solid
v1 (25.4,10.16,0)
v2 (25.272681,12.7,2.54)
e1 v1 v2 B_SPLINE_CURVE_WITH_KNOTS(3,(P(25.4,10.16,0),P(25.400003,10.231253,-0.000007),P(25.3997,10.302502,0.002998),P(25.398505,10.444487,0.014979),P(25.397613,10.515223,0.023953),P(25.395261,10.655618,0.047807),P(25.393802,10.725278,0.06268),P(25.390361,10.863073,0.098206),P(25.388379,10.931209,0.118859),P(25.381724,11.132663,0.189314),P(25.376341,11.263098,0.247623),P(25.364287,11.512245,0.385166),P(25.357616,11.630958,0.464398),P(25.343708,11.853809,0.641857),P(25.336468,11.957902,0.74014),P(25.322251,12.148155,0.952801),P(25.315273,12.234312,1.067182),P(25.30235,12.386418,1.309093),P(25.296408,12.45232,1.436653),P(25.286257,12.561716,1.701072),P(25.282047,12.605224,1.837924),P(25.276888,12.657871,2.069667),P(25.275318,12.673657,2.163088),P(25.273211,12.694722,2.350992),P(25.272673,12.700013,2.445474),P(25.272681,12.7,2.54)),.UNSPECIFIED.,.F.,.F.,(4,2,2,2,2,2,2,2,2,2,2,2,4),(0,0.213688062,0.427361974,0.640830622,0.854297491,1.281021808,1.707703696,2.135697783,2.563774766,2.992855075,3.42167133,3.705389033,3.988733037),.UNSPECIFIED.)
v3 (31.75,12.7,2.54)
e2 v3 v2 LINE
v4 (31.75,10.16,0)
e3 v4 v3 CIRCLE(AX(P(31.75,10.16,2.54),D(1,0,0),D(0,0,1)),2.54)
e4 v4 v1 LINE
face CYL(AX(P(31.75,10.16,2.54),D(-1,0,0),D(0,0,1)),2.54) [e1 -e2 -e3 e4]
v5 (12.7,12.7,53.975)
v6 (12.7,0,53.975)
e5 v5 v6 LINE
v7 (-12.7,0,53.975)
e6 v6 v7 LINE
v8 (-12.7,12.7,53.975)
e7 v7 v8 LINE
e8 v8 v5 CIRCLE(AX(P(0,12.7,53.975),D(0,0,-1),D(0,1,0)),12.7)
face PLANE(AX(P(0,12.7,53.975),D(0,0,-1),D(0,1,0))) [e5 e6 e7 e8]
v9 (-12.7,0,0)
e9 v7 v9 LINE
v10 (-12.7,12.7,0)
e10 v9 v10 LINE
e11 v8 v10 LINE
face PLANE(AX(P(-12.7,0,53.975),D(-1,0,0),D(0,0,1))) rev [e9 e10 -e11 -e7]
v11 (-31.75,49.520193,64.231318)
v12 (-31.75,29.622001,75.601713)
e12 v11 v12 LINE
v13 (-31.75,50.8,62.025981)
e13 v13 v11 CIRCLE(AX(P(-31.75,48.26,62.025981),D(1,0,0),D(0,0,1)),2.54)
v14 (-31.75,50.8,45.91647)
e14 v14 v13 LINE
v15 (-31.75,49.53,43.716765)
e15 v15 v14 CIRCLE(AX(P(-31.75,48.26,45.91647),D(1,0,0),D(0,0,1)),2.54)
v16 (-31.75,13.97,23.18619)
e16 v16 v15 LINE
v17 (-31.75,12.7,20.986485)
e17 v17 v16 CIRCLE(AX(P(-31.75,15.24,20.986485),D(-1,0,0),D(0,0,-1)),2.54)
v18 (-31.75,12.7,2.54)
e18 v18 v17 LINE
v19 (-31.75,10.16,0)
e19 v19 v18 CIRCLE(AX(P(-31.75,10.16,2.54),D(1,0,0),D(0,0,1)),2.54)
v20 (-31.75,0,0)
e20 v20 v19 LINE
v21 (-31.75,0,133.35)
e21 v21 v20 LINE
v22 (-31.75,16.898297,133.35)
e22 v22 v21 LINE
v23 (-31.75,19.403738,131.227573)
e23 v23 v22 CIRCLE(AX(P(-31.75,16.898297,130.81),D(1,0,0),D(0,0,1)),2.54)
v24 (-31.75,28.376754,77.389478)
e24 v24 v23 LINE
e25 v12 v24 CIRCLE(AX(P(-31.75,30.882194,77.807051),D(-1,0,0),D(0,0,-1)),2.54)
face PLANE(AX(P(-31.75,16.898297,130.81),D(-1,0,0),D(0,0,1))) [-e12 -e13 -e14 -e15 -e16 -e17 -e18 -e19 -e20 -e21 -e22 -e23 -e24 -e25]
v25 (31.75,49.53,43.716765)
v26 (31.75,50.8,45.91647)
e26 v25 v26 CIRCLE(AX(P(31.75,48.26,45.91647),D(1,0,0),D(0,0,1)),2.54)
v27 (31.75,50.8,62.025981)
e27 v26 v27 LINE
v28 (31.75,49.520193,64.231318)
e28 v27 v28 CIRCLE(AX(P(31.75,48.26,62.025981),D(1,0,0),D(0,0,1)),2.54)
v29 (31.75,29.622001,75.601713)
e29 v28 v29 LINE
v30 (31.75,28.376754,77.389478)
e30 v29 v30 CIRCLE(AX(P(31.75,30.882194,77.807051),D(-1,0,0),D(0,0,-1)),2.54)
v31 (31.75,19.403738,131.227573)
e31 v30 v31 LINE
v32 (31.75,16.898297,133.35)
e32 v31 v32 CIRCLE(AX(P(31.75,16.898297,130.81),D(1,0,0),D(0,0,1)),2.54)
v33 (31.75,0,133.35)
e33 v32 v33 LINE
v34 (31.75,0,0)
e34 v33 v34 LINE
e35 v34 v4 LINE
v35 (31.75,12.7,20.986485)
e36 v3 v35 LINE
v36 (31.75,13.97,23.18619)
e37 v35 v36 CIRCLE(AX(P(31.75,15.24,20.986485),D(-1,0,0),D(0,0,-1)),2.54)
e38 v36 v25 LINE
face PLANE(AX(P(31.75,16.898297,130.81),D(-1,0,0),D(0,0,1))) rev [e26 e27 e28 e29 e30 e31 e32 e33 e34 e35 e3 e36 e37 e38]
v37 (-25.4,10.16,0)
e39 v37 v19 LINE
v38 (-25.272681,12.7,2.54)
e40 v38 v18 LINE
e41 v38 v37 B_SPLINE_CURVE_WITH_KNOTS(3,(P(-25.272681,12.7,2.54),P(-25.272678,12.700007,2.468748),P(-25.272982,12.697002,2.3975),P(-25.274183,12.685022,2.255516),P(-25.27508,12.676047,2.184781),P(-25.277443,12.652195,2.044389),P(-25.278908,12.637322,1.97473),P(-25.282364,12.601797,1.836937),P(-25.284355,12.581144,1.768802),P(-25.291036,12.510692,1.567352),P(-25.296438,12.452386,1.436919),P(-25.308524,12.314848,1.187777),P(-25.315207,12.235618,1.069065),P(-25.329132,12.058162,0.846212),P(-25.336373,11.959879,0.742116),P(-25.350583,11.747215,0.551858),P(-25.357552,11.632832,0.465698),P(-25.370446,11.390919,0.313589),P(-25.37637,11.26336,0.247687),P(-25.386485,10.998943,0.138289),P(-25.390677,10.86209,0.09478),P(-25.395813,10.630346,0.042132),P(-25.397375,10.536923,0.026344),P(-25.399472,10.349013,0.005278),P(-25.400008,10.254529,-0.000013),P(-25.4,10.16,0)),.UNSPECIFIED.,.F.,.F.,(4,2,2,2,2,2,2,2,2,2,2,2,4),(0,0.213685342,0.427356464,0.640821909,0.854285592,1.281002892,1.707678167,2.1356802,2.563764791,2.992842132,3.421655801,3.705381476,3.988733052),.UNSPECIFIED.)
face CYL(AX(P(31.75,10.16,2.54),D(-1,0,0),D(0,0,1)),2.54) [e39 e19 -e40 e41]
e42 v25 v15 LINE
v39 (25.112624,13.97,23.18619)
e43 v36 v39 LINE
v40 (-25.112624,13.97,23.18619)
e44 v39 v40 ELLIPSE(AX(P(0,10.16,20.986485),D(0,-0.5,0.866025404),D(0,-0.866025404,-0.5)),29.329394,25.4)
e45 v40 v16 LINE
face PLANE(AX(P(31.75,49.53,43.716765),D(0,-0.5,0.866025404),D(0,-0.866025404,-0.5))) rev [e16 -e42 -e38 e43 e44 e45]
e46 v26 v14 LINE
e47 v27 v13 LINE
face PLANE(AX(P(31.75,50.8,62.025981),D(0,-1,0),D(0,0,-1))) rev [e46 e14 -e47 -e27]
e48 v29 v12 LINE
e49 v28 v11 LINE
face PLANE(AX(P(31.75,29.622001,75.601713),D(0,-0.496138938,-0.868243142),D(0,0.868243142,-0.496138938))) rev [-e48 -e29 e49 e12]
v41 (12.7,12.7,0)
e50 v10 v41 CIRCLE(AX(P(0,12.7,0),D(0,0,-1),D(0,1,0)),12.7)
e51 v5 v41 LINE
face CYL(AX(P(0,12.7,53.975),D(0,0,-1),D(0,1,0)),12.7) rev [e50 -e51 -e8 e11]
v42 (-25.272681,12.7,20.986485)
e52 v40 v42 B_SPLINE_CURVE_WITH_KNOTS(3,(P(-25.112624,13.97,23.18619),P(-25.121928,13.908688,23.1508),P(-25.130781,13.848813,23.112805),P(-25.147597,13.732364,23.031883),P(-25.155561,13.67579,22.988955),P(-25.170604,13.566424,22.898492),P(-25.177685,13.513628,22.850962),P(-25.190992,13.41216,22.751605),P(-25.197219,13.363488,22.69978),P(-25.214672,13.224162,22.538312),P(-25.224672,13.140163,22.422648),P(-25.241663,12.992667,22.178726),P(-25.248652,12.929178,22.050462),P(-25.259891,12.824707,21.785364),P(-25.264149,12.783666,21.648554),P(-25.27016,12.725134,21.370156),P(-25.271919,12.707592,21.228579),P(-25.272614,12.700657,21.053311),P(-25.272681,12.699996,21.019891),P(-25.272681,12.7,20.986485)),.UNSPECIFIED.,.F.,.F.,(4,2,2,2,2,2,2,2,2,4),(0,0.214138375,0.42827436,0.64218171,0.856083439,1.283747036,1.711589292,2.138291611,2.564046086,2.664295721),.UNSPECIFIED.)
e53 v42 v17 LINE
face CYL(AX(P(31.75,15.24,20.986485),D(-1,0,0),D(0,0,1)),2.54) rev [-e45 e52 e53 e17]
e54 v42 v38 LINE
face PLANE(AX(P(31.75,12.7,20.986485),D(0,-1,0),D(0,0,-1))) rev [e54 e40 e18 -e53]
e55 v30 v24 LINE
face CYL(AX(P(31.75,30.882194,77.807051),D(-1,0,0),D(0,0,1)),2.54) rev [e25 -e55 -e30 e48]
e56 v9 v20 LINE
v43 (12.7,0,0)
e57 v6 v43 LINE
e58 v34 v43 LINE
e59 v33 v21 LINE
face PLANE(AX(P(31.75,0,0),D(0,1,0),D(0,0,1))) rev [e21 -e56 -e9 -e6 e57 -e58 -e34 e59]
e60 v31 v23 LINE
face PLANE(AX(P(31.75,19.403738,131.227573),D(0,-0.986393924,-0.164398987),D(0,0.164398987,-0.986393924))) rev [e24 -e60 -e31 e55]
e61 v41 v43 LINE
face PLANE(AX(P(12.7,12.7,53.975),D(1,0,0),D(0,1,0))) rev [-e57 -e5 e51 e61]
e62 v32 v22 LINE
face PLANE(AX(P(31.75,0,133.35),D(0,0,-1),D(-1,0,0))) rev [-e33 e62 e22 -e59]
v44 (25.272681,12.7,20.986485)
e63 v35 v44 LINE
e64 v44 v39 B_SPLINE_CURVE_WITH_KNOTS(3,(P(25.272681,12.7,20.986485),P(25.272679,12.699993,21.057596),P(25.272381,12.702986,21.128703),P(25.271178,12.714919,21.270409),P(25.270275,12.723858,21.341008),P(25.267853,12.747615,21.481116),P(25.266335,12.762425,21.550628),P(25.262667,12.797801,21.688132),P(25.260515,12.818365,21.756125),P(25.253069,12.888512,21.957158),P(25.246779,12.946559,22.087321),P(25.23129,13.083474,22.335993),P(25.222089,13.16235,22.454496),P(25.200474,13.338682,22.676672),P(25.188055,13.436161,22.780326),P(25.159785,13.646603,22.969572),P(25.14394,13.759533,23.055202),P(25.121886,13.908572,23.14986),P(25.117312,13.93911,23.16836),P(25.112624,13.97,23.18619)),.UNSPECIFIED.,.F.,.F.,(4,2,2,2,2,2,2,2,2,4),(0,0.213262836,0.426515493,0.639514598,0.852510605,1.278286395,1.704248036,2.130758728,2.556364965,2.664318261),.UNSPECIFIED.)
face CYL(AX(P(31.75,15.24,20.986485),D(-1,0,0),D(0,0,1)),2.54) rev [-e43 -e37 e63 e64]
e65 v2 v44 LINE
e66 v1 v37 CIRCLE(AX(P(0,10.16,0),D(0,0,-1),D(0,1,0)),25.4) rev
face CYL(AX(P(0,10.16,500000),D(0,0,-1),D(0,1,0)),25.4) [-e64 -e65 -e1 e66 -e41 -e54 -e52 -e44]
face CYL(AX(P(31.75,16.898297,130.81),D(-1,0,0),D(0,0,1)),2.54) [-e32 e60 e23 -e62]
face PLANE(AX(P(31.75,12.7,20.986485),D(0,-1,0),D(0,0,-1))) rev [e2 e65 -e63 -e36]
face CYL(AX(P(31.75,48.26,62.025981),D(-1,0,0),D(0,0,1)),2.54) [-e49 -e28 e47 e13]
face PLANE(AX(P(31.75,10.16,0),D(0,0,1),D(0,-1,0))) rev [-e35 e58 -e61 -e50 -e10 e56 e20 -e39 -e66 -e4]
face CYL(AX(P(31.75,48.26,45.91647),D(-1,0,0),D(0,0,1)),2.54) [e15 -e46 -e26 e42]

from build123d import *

# Parameters (mm, degrees)
BOSS_EXTRUDE1_DEPTH = 31.75
BOSS_EXTRUDE2_REACH = 148.188
CUT_EXTRUDE1_DEPTH  = 53.975


with BuildPart() as part:
    # Sketch1 → Boss-Extrude1 (new, symmetric)
    with BuildSketch(Plane(origin=(0, 0, 0), x_dir=(0, 0, -1), z_dir=(1, 0, 0))):
        with BuildLine():
            Line((0, 0), (-133.35, 0))
            Line((-133.35, 0), (-133.35, 16.898297196))
            ThreePointArc((-133.35, 16.898297196), (-132.748070755, 18.540089432), (-131.227573428, 19.403737762))
            Line((-131.227573428, 19.403737762), (-77.389477645, 28.376753726))
            ThreePointArc((-77.389477645, 28.376753726), (-76.355301792, 28.797962054), (-75.601713492, 29.622001389))
            Line((-75.601713492, 29.622001389), (-64.231318341, 49.520192903))
            ThreePointArc((-64.231318341, 49.520192903), (-63.300874878, 50.456871637), (-62.02598076, 50.8))
            Line((-62.02598076, 50.8), (-45.916469684, 50.8))
            ThreePointArc((-45.916469684, 50.8), (-44.646469684, 50.459704526), (-43.716765158, 49.53))
            Line((-43.716765158, 49.53), (-23.186189586, 13.97))
            ThreePointArc((-23.186189586, 13.97), (-22.25648506, 13.040295474), (-20.98648506, 12.7))
            Line((-20.98648506, 12.7), (-2.54, 12.7))
            ThreePointArc((-2.54, 12.7), (-0.743948776, 11.956051224), (0, 10.16))
            Line((0, 10.16), (0, 0))
        make_face()
    extrude(amount=BOSS_EXTRUDE1_DEPTH, both=True)

    # Sketch2 → Boss-Extrude2 (add, up to next)
    with BuildSketch(Plane(origin=(0, 0, 0), x_dir=(-1, 0, 0), z_dir=(0, 0, -1)), mode=Mode.PRIVATE) as boss_extrude2_sk1:
        with BuildLine():
            Line((-31.75, 0), (-12.7, 0))
            Line((-12.7, 0), (12.7, 0))
            Line((12.7, 0), (31.75, 0))
            Line((31.75, 0), (31.75, 10.16))
            Line((31.75, 10.16), (25.4, 10.16))
            ThreePointArc((25.4, 10.16), (0, 35.56), (-25.4, 10.16))
            Line((-25.4, 10.16), (-31.75, 10.16))
            Line((-31.75, 10.16), (-31.75, 0))
        make_face()
    boss_extrude2_tool1 = extrude(boss_extrude2_sk1.sketch, amount=-BOSS_EXTRUDE2_REACH, mode=Mode.PRIVATE) - part.part
    add(boss_extrude2_tool1.solids().sort_by_distance((0, 14.770763, 0))[0])

    # Sketch3 → Cut-Extrude1 (cut)
    with BuildSketch(Plane(origin=(0, 0, 0), x_dir=(-1, 0, 0), z_dir=(0, 0, -1))):
        with BuildLine():
            Line((-12.7, 0), (12.7, 0))
            Line((12.7, 0), (12.7, 12.7))
            ThreePointArc((12.7, 12.7), (0, 25.4), (-12.7, 12.7))
            Line((-12.7, 12.7), (-12.7, 0))
        make_face()
    extrude(amount=-CUT_EXTRUDE1_DEPTH, mode=Mode.SUBTRACT)


solid = part.part
